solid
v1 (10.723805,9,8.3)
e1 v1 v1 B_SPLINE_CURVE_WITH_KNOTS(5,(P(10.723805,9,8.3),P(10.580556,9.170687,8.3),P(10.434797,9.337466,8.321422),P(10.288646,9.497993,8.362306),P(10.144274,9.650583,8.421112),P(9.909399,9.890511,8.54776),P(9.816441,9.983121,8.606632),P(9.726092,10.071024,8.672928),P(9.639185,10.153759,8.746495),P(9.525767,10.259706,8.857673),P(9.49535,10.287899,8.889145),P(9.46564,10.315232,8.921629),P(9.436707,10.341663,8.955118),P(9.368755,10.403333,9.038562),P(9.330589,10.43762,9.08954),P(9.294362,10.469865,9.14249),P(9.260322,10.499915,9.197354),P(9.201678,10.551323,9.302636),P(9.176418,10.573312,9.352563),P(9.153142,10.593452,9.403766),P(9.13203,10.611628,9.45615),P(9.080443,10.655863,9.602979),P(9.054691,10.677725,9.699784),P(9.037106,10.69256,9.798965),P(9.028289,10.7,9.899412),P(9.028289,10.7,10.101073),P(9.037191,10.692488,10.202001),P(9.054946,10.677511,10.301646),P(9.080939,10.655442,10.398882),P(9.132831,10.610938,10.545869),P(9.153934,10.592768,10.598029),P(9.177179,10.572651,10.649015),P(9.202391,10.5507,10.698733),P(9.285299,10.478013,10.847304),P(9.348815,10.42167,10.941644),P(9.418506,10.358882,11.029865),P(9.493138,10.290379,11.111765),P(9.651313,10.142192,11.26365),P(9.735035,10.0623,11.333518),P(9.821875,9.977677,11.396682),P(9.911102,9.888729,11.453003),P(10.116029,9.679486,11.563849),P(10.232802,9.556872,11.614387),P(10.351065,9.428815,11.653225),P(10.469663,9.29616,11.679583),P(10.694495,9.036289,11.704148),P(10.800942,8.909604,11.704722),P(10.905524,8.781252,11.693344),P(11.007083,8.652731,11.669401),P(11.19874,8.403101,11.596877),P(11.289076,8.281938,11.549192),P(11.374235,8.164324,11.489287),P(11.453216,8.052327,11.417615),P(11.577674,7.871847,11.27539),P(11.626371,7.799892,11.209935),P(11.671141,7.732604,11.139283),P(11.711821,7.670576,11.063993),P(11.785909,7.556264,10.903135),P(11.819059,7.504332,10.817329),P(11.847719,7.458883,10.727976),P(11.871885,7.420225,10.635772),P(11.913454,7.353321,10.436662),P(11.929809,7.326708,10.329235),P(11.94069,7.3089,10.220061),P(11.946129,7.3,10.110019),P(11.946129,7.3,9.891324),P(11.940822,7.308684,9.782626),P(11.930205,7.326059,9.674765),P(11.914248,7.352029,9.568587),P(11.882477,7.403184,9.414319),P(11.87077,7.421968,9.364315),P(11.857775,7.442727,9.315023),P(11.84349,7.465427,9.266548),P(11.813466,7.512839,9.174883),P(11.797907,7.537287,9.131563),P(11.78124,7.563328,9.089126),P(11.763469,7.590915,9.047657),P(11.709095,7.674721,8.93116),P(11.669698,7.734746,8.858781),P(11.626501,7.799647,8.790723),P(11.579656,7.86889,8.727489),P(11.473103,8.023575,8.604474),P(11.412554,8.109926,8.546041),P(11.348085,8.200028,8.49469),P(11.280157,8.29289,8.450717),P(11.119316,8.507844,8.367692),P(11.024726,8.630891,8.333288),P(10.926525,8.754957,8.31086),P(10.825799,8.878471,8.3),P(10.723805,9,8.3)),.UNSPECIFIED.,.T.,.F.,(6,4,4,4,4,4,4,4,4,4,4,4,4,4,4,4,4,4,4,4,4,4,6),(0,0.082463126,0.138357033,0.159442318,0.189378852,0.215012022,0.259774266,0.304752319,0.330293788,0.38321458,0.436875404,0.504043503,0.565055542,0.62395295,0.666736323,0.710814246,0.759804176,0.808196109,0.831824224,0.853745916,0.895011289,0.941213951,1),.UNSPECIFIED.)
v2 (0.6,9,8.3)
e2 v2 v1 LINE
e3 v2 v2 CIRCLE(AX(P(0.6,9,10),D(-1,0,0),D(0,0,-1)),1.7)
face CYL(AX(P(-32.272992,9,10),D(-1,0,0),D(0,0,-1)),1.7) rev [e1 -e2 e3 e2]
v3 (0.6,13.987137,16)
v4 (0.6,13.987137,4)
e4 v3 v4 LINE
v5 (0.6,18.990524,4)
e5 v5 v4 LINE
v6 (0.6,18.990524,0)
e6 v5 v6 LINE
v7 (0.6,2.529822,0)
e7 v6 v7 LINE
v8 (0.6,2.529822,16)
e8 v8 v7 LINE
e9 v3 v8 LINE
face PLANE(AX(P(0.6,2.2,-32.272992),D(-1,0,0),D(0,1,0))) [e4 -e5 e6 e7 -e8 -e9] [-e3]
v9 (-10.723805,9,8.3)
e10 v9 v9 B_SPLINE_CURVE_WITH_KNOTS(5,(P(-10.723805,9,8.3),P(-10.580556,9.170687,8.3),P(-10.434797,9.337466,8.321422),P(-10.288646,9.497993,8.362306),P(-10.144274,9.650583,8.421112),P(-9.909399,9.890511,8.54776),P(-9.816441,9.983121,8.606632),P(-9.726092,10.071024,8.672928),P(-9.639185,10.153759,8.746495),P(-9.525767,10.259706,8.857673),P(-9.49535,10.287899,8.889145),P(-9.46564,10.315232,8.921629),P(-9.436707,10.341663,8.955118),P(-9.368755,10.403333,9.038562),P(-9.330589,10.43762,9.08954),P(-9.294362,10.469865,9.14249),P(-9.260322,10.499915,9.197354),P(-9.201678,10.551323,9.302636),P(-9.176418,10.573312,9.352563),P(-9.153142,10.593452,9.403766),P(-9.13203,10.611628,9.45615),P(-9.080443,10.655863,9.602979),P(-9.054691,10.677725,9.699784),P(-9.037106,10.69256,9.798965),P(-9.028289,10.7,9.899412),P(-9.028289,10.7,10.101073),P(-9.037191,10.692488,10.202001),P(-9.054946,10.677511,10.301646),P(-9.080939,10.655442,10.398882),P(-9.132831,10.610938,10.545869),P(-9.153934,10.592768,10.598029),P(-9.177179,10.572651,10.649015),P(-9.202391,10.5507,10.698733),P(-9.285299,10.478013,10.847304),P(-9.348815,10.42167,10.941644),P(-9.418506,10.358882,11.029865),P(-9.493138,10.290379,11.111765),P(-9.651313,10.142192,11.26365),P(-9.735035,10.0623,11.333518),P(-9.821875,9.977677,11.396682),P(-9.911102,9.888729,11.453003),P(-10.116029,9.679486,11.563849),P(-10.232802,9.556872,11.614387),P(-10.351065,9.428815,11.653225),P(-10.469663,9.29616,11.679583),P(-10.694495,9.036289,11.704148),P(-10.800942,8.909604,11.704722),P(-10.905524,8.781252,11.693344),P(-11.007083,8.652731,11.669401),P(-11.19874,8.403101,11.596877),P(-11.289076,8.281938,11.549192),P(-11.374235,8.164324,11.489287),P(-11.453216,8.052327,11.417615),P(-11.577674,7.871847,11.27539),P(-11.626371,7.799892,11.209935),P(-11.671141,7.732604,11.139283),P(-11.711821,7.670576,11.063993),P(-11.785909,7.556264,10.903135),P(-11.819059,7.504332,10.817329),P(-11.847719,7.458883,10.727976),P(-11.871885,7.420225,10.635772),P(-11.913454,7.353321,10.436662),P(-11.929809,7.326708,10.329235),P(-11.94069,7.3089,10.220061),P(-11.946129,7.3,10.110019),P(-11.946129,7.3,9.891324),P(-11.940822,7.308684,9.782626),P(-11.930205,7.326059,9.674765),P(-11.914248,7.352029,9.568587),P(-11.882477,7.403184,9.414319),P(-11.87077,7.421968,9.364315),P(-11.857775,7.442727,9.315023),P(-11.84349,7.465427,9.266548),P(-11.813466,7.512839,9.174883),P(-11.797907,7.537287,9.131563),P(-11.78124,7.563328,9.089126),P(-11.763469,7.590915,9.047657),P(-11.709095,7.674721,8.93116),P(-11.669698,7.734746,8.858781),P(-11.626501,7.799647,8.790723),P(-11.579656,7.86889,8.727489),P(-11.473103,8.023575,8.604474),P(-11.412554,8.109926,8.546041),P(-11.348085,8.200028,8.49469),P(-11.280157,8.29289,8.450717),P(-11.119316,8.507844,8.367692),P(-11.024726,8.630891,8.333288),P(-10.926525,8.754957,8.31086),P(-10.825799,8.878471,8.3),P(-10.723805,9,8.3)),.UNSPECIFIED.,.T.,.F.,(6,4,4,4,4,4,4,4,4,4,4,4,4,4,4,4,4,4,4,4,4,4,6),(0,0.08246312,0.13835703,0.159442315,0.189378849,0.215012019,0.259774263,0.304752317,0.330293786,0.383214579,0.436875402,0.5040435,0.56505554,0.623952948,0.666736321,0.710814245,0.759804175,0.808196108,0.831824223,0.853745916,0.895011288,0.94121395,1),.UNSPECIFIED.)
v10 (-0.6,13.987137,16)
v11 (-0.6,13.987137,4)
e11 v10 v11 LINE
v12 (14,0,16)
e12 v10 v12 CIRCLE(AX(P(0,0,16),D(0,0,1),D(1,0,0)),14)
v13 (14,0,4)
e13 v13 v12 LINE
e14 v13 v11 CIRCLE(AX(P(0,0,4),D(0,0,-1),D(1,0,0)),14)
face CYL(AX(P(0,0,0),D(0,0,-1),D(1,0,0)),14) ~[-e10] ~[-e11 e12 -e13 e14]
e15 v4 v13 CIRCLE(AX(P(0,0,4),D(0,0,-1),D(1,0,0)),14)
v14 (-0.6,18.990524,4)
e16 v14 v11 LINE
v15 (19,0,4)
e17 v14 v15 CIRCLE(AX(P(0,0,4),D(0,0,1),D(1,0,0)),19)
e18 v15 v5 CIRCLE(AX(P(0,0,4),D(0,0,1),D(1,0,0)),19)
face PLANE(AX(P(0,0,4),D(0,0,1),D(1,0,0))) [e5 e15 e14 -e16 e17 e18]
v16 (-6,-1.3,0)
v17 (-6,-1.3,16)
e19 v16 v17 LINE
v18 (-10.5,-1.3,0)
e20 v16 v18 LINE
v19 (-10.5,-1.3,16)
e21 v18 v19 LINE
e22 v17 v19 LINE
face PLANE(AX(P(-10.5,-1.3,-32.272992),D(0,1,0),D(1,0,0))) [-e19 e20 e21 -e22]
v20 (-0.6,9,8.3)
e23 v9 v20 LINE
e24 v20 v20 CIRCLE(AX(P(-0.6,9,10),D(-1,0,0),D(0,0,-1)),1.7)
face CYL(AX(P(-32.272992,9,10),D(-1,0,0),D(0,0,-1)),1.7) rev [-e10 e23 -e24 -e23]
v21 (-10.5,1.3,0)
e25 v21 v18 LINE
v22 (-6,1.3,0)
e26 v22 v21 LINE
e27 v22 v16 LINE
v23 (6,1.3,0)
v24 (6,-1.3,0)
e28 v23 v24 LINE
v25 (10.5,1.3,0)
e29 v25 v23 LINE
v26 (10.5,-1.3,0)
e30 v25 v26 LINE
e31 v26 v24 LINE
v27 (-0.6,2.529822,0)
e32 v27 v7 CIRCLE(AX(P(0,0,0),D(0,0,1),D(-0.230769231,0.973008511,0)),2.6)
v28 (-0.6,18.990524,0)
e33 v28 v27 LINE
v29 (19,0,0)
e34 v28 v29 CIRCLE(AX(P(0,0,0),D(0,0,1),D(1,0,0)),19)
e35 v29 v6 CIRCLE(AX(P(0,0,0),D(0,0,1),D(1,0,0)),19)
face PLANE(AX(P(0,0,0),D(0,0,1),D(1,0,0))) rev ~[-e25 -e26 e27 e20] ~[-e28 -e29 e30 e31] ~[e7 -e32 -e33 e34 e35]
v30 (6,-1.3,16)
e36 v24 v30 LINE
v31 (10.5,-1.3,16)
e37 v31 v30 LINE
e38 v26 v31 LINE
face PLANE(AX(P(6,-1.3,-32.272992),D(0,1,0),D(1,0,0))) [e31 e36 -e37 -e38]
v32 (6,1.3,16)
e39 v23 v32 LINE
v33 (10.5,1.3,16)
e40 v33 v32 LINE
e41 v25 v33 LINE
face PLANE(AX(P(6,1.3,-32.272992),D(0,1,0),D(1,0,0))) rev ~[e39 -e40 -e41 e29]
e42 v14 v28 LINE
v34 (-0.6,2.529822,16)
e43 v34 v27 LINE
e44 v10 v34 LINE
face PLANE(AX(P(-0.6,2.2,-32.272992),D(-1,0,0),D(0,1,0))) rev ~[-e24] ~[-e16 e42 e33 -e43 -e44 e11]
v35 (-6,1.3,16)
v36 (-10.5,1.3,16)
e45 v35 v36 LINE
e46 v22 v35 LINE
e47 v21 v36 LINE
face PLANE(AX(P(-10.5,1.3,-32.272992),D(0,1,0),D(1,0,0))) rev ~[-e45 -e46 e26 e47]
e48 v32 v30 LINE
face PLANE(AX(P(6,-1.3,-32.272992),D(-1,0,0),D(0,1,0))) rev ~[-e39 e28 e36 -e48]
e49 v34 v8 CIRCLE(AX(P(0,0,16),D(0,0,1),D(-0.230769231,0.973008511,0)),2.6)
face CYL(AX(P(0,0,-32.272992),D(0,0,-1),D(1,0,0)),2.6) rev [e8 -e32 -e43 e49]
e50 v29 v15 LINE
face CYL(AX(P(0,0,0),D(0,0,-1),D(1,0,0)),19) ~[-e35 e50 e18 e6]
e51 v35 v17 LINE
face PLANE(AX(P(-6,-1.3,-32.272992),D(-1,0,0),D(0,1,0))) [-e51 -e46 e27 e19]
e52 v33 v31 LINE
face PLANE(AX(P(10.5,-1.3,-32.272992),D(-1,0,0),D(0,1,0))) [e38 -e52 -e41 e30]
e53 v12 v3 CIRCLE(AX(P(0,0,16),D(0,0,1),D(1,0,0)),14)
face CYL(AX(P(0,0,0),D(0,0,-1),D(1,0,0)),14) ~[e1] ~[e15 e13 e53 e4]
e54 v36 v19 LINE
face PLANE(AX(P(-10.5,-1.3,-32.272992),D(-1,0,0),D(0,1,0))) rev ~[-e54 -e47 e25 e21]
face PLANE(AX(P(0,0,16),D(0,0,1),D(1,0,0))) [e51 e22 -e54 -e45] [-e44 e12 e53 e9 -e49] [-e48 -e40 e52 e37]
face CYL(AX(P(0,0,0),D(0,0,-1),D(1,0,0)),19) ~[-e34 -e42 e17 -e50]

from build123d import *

# Parameters (mm, degrees)
SKETCH_1_R                                       = 19
HORN_FLANGE_D38_DEPTH                            = 4
SKETCH_2_R                                       = 14
SHAFT_CLAMP_HUB_DEPTH                            = 16
SHAFT_D5P2_DEPTH                                 = 32.272991542
SHAFT_D5P2_DEPTH_BACK                            = 32.272991542
SKETCH_3_R                                       = 2.6
CLAMP_SPLIT_DEPTH                                = 32.272991542
CLAMP_SPLIT_DEPTH_BACK                           = 32.272991542
SKETCH_4_W                                       = 1.2
SKETCH_4_H                                       = 17.8
HORN_TWO_ADJUSTMENT_SLOTS_VERIFY_HORN_DEPTH      = 32.272991542
HORN_TWO_ADJUSTMENT_SLOTS_VERIFY_HORN_DEPTH_BACK = 32.272991542
SKETCH_5_W                                       = 4.5
SKETCH_5_H                                       = 2.6
COUPLER_CLAMP_M3_DEPTH                           = 32.272991542
COUPLER_CLAMP_M3_DEPTH_BACK                      = 32.272991542
SKETCH_6_R                                       = 1.7


with BuildPart() as part:
    # 草图1 → Horn_flange_D38 (new body)
    with BuildSketch(Plane.XY):
        Circle(SKETCH_1_R)
    extrude(amount=HORN_FLANGE_D38_DEPTH)

    # 草图2 → Shaft_clamp_hub (add)
    with BuildSketch(Plane.XY):
        Circle(SKETCH_2_R)
    extrude(amount=SHAFT_CLAMP_HUB_DEPTH)

    # 草图3 → Shaft_D5p2 (cut, two sides: drawn at the far end of the back side and taken through both)
    with BuildSketch(Plane.XY.offset(-SHAFT_D5P2_DEPTH_BACK)):
        Circle(SKETCH_3_R)
    extrude(amount=SHAFT_D5P2_DEPTH + SHAFT_D5P2_DEPTH_BACK, mode=Mode.SUBTRACT)

    # 草图4 → Clamp_split (cut, two sides: drawn at the far end of the back side and taken through both)
    with BuildSketch(Plane.XY.offset(-CLAMP_SPLIT_DEPTH_BACK)):
        with Locations((0, 11.1)):
            Rectangle(SKETCH_4_W, SKETCH_4_H)
    extrude(amount=CLAMP_SPLIT_DEPTH + CLAMP_SPLIT_DEPTH_BACK, mode=Mode.SUBTRACT)

    # 草图5 → Horn_two_adjustment_slots_VERIFY_HORN (cut, two sides: drawn at the far end of the back side and taken through both)
    with BuildSketch(Plane.XY.offset(-HORN_TWO_ADJUSTMENT_SLOTS_VERIFY_HORN_DEPTH_BACK)):
        with Locations((-8.25, 0)):
            Rectangle(SKETCH_5_W, SKETCH_5_H)
        with Locations((8.25, 0)):
            Rectangle(SKETCH_5_W, SKETCH_5_H)
    extrude(amount=HORN_TWO_ADJUSTMENT_SLOTS_VERIFY_HORN_DEPTH + HORN_TWO_ADJUSTMENT_SLOTS_VERIFY_HORN_DEPTH_BACK, mode=Mode.SUBTRACT)

    # 草图6 → Coupler_clamp_M3 (cut, two sides: drawn at the far end of the back side and taken through both)
    with BuildSketch(Plane(origin=(0, 0, 0), x_dir=(0, 0, -1), z_dir=(1, 0, 0)).offset(-COUPLER_CLAMP_M3_DEPTH_BACK)):
        with Locations((-10, 9)):
            Circle(SKETCH_6_R)
    extrude(amount=COUPLER_CLAMP_M3_DEPTH + COUPLER_CLAMP_M3_DEPTH_BACK, mode=Mode.SUBTRACT)


solid = part.part
